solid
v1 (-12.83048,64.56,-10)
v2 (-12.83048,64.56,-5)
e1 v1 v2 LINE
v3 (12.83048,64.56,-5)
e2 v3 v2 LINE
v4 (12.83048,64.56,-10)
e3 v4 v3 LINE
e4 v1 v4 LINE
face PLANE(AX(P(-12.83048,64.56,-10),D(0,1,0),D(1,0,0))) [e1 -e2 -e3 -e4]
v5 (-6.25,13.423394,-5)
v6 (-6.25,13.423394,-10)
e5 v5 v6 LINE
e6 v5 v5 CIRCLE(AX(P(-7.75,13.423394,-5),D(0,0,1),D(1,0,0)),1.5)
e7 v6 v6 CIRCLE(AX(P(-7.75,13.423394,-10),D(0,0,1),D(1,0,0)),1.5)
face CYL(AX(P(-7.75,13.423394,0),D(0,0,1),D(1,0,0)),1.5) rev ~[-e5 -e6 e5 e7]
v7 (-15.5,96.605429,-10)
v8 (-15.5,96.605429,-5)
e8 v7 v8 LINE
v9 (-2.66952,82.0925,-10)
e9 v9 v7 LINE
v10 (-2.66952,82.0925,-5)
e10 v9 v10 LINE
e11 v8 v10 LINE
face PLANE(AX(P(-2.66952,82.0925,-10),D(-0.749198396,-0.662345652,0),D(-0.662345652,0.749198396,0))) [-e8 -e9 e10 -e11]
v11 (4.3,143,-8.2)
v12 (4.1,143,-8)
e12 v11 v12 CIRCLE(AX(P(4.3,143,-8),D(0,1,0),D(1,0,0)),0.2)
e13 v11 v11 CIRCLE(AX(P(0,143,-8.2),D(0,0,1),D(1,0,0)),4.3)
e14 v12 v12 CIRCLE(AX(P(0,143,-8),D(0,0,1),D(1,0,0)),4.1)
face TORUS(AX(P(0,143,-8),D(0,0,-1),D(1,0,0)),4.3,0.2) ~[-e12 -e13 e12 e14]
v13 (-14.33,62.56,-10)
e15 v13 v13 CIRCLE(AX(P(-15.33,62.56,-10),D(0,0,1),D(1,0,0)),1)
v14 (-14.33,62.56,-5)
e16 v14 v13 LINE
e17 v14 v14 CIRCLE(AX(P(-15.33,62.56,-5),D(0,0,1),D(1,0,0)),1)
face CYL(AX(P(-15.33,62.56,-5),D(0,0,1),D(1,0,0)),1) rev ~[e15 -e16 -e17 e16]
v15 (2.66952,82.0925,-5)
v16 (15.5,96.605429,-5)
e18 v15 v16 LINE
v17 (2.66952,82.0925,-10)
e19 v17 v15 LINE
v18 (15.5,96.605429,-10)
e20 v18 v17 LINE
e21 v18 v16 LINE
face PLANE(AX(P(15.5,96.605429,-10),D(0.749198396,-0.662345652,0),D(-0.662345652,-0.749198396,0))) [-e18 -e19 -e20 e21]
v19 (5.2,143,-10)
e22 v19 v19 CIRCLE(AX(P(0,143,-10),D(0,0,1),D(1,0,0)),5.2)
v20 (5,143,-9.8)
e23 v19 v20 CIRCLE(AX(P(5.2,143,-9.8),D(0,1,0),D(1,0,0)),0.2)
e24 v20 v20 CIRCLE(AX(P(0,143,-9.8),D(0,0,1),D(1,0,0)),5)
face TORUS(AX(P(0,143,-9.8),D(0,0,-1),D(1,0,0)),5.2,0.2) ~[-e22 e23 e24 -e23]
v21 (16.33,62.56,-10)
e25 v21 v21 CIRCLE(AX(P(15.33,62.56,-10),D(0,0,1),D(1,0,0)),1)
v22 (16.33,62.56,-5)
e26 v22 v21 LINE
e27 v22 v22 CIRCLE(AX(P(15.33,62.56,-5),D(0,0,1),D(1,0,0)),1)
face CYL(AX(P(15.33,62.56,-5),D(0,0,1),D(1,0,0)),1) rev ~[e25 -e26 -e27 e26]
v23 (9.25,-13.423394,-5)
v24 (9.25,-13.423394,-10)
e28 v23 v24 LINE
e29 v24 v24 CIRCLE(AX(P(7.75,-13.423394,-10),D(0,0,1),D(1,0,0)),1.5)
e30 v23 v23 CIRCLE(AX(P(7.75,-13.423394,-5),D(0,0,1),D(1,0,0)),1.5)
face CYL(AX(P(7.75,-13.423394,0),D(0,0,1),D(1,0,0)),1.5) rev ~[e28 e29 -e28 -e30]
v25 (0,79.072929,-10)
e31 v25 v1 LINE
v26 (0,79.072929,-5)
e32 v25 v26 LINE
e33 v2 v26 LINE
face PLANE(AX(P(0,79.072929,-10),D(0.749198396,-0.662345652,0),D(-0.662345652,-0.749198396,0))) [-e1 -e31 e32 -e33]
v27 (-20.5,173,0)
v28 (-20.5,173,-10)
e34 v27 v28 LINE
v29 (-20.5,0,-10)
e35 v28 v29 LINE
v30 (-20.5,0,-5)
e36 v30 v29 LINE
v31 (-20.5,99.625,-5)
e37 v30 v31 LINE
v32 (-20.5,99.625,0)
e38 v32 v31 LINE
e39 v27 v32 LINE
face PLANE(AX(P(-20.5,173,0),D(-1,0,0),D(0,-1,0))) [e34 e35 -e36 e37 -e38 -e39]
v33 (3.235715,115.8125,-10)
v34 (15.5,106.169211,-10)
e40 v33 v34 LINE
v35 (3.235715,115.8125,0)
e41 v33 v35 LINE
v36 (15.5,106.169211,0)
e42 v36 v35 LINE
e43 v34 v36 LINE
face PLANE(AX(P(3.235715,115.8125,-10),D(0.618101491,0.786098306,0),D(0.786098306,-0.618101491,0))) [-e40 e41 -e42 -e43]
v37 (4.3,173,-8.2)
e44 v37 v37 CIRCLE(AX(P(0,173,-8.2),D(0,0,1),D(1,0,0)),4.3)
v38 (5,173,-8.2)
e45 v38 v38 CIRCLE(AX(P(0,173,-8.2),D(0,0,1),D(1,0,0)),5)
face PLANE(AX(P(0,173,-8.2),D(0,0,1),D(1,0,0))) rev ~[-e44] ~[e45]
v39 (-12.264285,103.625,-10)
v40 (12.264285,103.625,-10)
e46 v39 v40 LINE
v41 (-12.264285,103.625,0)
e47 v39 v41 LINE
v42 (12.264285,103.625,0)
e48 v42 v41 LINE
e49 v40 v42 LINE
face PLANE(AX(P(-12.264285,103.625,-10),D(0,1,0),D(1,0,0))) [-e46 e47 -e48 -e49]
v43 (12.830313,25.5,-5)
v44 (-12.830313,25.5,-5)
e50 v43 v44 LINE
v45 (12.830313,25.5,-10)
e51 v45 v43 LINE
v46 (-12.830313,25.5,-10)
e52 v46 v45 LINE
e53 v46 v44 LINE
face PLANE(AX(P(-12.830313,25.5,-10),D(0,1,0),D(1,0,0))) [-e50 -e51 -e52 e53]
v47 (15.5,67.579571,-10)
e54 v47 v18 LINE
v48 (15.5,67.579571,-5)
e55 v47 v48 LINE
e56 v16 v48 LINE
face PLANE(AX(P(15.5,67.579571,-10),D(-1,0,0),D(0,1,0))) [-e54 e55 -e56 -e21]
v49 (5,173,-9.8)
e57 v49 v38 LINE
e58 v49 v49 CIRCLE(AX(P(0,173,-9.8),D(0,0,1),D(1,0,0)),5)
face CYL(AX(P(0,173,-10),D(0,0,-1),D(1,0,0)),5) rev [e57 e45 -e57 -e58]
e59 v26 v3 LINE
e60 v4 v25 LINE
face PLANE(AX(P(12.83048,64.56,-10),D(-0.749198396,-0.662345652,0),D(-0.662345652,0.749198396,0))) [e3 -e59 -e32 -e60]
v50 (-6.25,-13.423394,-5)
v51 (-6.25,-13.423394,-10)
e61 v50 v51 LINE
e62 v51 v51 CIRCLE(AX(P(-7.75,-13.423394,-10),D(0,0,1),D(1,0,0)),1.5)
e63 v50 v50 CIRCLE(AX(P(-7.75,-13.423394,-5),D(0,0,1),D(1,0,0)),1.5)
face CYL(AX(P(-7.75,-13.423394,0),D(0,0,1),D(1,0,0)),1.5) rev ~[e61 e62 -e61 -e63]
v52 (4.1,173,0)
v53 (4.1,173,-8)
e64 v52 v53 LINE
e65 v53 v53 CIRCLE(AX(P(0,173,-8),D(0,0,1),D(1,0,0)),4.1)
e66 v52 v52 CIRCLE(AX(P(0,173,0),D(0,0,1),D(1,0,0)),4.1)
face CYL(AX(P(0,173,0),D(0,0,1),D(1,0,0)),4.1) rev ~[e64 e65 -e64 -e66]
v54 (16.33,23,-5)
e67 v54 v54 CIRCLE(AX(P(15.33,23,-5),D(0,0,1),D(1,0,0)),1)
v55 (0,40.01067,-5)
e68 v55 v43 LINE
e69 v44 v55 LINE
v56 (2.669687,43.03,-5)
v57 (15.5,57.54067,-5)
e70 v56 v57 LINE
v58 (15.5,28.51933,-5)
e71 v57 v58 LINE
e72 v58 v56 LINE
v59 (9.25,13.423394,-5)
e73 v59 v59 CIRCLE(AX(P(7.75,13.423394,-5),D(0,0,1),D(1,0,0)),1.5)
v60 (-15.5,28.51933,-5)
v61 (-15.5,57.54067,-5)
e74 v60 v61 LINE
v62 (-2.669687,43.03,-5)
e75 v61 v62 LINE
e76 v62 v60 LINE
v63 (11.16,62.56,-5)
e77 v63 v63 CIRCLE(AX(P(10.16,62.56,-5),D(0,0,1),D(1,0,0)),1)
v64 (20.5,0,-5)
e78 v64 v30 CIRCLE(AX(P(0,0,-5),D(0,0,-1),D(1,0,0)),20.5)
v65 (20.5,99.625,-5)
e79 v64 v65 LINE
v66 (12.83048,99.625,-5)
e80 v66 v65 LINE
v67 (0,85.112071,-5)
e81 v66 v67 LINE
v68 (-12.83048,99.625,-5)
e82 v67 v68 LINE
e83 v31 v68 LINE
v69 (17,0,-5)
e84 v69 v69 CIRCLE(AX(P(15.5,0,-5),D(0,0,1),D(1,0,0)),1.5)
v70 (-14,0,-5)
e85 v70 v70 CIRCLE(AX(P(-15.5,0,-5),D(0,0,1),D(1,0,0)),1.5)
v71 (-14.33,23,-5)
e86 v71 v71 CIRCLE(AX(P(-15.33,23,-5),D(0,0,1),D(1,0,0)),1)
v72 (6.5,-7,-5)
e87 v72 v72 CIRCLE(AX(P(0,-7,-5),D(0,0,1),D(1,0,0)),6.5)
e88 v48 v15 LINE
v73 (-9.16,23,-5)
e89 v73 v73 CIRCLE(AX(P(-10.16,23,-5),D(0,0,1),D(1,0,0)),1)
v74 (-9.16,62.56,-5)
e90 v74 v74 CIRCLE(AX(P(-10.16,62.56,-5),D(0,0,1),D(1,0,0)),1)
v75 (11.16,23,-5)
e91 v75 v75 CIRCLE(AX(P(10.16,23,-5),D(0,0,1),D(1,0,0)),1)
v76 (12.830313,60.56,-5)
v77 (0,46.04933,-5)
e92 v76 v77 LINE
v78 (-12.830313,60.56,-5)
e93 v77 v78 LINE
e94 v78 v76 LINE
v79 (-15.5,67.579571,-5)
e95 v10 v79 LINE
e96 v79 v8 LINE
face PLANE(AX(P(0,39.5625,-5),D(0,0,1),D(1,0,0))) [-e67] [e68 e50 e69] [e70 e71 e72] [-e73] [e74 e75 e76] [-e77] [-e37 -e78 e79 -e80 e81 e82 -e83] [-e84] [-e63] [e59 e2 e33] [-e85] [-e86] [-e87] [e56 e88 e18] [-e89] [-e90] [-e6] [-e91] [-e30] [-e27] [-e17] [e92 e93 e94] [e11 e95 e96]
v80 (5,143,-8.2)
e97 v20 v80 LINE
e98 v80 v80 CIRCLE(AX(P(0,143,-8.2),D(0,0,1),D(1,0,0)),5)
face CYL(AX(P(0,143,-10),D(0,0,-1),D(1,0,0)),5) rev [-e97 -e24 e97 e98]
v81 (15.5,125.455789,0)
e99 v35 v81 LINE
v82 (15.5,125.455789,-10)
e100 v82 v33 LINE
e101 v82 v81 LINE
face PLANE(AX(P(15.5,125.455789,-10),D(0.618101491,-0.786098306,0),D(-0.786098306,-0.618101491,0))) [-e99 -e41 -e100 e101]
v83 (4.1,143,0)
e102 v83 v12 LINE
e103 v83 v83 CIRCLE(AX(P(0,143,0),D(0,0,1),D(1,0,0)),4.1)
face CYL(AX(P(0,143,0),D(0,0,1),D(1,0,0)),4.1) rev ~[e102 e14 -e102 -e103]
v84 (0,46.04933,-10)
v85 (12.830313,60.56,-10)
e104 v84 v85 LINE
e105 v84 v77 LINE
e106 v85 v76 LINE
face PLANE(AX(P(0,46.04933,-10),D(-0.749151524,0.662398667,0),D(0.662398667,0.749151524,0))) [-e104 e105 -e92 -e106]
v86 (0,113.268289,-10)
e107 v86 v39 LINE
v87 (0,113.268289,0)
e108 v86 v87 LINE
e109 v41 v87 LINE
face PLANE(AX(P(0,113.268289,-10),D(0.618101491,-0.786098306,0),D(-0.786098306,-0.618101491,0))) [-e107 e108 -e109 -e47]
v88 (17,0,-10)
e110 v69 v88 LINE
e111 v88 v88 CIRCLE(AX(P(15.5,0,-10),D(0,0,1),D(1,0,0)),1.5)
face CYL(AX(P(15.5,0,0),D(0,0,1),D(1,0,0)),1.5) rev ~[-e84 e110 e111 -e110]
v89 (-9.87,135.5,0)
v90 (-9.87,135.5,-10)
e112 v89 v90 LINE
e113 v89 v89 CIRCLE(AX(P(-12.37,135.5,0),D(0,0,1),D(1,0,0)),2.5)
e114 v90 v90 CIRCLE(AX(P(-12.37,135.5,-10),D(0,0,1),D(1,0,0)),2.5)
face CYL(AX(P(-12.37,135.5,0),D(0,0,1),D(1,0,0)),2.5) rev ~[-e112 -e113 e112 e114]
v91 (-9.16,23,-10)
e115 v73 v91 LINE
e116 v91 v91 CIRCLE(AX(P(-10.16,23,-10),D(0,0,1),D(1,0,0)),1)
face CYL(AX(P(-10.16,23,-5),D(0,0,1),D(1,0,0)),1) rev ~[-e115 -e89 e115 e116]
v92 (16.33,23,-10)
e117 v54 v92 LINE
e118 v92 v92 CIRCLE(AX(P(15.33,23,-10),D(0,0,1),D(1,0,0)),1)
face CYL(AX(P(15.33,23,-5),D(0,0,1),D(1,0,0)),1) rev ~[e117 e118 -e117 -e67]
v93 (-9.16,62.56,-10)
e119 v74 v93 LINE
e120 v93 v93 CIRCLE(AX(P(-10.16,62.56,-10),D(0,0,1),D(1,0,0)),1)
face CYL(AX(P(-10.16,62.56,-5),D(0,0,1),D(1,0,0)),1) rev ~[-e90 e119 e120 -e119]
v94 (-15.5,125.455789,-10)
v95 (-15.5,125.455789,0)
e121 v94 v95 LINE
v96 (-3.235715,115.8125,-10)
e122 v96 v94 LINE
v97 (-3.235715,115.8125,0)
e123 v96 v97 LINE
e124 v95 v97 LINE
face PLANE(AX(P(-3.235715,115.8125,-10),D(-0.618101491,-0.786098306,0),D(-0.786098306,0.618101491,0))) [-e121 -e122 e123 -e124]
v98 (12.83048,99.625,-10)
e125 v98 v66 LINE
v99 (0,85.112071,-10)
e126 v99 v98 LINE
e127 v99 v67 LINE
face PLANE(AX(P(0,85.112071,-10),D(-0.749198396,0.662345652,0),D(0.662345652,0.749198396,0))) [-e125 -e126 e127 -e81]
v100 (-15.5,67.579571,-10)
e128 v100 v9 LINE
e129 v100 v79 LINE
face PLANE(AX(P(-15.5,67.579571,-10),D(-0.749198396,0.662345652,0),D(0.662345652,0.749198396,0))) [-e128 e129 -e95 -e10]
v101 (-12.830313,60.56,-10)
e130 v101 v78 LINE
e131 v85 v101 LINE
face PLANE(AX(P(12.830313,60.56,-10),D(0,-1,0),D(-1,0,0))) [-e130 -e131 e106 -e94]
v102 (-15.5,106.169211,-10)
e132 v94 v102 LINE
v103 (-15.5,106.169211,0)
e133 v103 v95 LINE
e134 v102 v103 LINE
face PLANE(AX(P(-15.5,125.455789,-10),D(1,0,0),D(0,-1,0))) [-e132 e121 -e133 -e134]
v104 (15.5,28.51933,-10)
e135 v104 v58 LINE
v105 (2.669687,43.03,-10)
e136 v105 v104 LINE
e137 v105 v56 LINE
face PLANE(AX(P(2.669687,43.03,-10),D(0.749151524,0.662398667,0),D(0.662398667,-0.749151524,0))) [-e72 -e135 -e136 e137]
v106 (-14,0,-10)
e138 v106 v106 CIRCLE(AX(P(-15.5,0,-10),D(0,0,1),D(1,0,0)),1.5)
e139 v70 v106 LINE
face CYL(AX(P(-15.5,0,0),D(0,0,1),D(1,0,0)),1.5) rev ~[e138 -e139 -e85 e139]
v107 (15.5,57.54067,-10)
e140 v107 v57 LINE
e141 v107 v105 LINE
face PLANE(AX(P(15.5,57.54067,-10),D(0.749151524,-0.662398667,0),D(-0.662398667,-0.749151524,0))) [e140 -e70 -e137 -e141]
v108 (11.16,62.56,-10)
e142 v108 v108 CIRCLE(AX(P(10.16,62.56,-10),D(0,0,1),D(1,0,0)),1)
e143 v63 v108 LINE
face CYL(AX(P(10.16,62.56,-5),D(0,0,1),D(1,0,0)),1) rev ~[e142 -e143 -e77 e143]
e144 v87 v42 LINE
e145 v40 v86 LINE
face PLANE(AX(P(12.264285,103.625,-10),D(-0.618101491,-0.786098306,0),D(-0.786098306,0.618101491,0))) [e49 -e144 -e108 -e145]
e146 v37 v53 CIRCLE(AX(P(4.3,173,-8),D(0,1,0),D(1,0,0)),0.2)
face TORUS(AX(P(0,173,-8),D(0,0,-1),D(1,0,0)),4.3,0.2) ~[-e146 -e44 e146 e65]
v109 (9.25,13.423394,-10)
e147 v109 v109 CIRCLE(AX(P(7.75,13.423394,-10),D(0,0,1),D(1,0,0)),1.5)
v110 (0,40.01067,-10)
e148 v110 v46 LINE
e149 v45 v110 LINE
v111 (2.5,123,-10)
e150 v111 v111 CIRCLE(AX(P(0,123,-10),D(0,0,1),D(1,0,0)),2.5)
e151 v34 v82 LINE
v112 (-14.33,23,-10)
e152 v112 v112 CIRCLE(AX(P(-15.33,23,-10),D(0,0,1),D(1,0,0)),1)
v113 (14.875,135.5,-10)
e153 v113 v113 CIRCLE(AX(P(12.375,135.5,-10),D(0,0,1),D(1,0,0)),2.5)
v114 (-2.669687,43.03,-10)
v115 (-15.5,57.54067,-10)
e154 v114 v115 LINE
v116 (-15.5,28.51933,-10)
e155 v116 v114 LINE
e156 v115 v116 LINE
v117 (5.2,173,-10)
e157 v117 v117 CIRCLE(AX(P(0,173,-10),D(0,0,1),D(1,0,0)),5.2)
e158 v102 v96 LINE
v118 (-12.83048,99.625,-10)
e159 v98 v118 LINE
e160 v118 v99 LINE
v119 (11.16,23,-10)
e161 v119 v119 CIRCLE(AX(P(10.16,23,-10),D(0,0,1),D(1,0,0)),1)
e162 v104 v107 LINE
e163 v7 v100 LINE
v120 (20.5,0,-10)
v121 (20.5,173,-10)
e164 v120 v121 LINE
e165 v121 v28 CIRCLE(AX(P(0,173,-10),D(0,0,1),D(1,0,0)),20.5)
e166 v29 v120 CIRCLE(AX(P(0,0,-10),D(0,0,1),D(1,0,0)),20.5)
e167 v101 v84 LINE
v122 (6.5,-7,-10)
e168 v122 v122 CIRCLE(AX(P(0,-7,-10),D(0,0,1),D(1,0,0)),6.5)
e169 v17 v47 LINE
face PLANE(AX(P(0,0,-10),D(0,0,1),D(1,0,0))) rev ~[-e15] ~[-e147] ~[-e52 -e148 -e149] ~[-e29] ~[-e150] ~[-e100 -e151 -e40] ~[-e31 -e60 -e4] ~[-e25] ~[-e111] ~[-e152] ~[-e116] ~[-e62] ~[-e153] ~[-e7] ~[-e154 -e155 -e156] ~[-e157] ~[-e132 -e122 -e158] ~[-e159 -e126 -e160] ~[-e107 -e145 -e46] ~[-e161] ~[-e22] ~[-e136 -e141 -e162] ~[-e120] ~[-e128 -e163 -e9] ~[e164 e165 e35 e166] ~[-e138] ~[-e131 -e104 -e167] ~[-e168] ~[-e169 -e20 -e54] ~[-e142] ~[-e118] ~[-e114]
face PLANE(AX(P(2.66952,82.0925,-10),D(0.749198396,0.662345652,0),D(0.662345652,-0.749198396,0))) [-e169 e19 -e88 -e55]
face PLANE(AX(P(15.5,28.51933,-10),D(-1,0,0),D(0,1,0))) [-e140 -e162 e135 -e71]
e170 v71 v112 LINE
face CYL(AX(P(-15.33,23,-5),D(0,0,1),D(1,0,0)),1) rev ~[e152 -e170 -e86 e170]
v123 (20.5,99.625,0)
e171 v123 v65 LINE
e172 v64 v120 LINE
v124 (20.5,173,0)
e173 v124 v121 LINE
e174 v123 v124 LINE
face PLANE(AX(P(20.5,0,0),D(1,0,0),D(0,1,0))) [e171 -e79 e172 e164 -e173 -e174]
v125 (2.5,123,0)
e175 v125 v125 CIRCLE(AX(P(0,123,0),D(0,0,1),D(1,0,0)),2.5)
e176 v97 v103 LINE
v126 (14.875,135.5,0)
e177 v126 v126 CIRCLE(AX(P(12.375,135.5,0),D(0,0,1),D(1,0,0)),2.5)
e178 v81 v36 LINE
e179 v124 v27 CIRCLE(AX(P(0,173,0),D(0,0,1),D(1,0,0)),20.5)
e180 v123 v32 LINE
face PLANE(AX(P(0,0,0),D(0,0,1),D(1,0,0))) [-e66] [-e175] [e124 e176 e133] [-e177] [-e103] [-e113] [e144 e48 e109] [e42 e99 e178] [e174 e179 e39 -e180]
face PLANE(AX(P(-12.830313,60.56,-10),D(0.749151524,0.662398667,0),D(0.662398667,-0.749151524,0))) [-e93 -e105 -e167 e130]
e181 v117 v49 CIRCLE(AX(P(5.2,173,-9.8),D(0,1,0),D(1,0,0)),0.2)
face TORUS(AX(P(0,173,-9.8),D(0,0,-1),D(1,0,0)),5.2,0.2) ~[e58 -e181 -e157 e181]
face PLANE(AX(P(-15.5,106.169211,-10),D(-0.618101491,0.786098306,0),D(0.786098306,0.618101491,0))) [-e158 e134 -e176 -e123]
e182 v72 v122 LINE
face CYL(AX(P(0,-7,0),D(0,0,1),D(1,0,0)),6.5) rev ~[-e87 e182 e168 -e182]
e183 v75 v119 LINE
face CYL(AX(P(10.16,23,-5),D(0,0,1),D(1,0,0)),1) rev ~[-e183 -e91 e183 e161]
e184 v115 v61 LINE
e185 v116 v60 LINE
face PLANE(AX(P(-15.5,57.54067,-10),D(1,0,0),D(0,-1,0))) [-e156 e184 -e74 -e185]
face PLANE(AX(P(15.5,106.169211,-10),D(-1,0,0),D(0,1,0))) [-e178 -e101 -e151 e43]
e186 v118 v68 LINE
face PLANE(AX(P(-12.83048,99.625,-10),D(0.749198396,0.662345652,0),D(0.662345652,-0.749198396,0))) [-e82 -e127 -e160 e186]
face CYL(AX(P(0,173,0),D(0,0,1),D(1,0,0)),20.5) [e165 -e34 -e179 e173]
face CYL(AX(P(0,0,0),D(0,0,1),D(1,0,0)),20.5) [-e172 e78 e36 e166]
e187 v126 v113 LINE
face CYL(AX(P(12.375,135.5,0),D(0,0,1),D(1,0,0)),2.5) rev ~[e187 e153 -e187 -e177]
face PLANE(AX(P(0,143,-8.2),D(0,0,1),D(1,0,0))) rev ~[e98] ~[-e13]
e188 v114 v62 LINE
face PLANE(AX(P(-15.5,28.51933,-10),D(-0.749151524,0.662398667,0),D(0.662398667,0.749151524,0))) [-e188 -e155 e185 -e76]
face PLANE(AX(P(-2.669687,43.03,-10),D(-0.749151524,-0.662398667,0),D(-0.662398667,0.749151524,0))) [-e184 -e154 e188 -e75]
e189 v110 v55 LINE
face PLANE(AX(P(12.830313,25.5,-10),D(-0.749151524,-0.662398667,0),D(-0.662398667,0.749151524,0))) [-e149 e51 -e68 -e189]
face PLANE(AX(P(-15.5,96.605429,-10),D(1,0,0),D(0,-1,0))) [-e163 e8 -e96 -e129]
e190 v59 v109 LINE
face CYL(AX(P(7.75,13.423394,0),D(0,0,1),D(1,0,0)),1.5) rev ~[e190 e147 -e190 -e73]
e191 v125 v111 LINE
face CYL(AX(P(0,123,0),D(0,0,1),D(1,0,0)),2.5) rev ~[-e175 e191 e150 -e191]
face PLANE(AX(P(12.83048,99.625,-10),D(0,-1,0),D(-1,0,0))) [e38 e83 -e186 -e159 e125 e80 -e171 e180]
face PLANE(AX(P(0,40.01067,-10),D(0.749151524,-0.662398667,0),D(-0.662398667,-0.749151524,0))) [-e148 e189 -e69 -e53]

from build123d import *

# Parameters (mm, degrees)
SKETCH_1_R               = 20.5
SKETCH_1_R_2             = 6.5
SKETCH_1_R_3             = 1.5
EXTRUDE_1_DEPTH          = 10
SKETCH_2_R               = 4.1
CUT_EXTRUDE_1_DEPTH      = 10
SKETCH_4_W               = 41
SKETCH_4_H               = 120.125
CUT_EXTRUDE_3_DEPTH      = 5
CUT_EXTRUDE_4_DEPTH      = 195.839677684
CUT_EXTRUDE_4_DEPTH_BACK = 10
CUT_EXTRUDE_5_DEPTH      = 195.839677684
CUT_EXTRUDE_5_DEPTH_BACK = 10
SKETCH_5_R               = 1
CUT_EXTRUDE_6_DEPTH      = 195.647116598
SKETCH_6_R               = 2.5
CUT_EXTRUDE_7_DEPTH      = 10
CUT_EXTRUDE_START        = -10
SKETCH_7_R               = 5
CUT_EXTRUDE_8_DEPTH      = 1.8
FILLET_1_R               = 0.2


with BuildPart() as part:
    # 스케치1 → 보스-돌출1 (new body)
    # profile 1 of 3: a face of its own
    with BuildSketch(Plane.XY):
        with BuildLine():
            Line((-20.5, 173), (-20.5, 0))
            ThreePointArc((-20.5, 0), (0, 20.5), (20.5, 0))
            Line((20.5, 0), (20.5, 173))
            ThreePointArc((20.5, 173), (0, 152.5), (-20.5, 173))
        make_face()
    # profile 2 of 3: a face of its own
    with BuildSketch(Plane.XY):
        with Locations((0, 173)):
            Circle(SKETCH_1_R)
    # profile 3 of 3: a face of its own
    with BuildSketch(Plane.XY):
        Circle(SKETCH_1_R)
        with Locations((0, -7)):
            Circle(SKETCH_1_R_2, mode=Mode.SUBTRACT)
        with Locations((-7.75, -13.423393759)):
            Circle(SKETCH_1_R_3, mode=Mode.SUBTRACT)
        with Locations((7.75, -13.423393759)):
            Circle(SKETCH_1_R_3, mode=Mode.SUBTRACT)
        with Locations((15.5, 0)):
            Circle(SKETCH_1_R_3, mode=Mode.SUBTRACT)
        with Locations((7.75, 13.423393759)):
            Circle(SKETCH_1_R_3, mode=Mode.SUBTRACT)
        with Locations((-7.75, 13.423393759)):
            Circle(SKETCH_1_R_3, mode=Mode.SUBTRACT)
        with Locations((-15.5, 0)):
            Circle(SKETCH_1_R_3, mode=Mode.SUBTRACT)
    extrude(amount=-EXTRUDE_1_DEPTH)

    # 스케치2 → 컷-돌출1 (cut)
    with BuildSketch(Plane.XY):
        with Locations((0, 173)):
            Circle(SKETCH_2_R)
        with Locations((0, 143)):
            Circle(SKETCH_2_R)
    extrude(amount=-CUT_EXTRUDE_1_DEPTH, mode=Mode.SUBTRACT)

    # 스케치4 → 컷-돌출3 (cut)
    with BuildSketch(Plane.XY):
        with Locations((0, 39.5625)):
            Rectangle(SKETCH_4_W, SKETCH_4_H)
    extrude(amount=-CUT_EXTRUDE_3_DEPTH, mode=Mode.SUBTRACT)

    # 스케치3 → 컷-돌출4 (cut, two sides: drawn at the far end of the back side and taken through both)
    with BuildSketch(Plane.XY.offset(-CUT_EXTRUDE_4_DEPTH_BACK)):
        Polygon((15.5, 125.455788946), (3.235714571, 115.8125), (15.5, 106.169211054), align=None)
        Polygon((12.264285429, 103.625), (0, 113.268288946), (-12.264285429, 103.625), align=None)
        Polygon((-3.235714571, 115.8125), (-15.5, 125.455788946), (-15.5, 106.169211054), align=None)
    extrude(amount=CUT_EXTRUDE_4_DEPTH + CUT_EXTRUDE_4_DEPTH_BACK, mode=Mode.SUBTRACT)

    # 스케치3<4> → 컷-돌출5 (cut, two sides: drawn at the far end of the back side and taken through both)
    with BuildSketch(Plane.XY.offset(-CUT_EXTRUDE_5_DEPTH_BACK)):
        Polygon((12.830480138, 99.625), (-12.830480138, 99.625), (0, 85.112071418), align=None)
        Polygon((15.5, 67.579571418), (15.5, 96.605428582), (2.669519862, 82.0925), align=None)
        Polygon((12.830480138, 64.56), (0, 79.072928582), (-12.830480138, 64.56), align=None)
        Polygon((-2.669519862, 82.0925), (-15.5, 96.605428582), (-15.5, 67.579571418), align=None)
        Polygon((12.830313114, 60.56), (-12.830313114, 60.56), (0, 46.049329749), align=None)
        Polygon((-2.669686886, 43.03), (-15.5, 57.540670251), (-15.5, 28.519329749), align=None)
        Polygon((12.830313114, 25.5), (0, 40.010670251), (-12.830313114, 25.5), align=None)
        Polygon((15.5, 28.519329749), (15.5, 57.540670251), (2.669686886, 43.03), align=None)
    extrude(amount=CUT_EXTRUDE_5_DEPTH + CUT_EXTRUDE_5_DEPTH_BACK, mode=Mode.SUBTRACT)

    # 스케치5 → 컷-돌출6 (cut, through all)
    with BuildSketch(Plane.XY.offset(-5)):
        with Locations((-15.33, 23)):
            Circle(SKETCH_5_R)
        with Locations((-10.16, 23)):
            Circle(SKETCH_5_R)
        with Locations((10.16, 23)):
            Circle(SKETCH_5_R)
        with Locations((15.33, 23)):
            Circle(SKETCH_5_R)
        with Locations((-15.33, 62.56)):
            Circle(SKETCH_5_R)
        with Locations((-10.16, 62.56)):
            Circle(SKETCH_5_R)
        with Locations((10.16, 62.56)):
            Circle(SKETCH_5_R)
        with Locations((15.33, 62.56)):
            Circle(SKETCH_5_R)
    extrude(amount=-CUT_EXTRUDE_6_DEPTH, mode=Mode.SUBTRACT)

    # 스케치6 → 컷-돌출7 (cut)
    with BuildSketch(Plane.XY):
        with Locations((-12.37, 135.5)):
            Circle(SKETCH_6_R)
        with Locations((12.375, 135.5)):
            Circle(SKETCH_6_R)
        with Locations((0, 123)):
            Circle(SKETCH_6_R)
    extrude(amount=-CUT_EXTRUDE_7_DEPTH, mode=Mode.SUBTRACT)

    # 스케치7 → 컷-돌출8 (cut)
    with BuildSketch(Plane.XY.offset(CUT_EXTRUDE_START)):
        with Locations((0, 173)):
            Circle(SKETCH_7_R)
        with Locations((0, 143)):
            Circle(SKETCH_7_R)
    extrude(amount=CUT_EXTRUDE_8_DEPTH, mode=Mode.SUBTRACT)

    # 필렛1
    fillet_1_edges = [part.edges().sort_by_distance(p)[0] for p in [
        (-4.1, 173, -8.2),
        (-5, 173, -10),
        (-4.1, 143, -8.2),
        (-5, 143, -10),
    ]]
    fillet(fillet_1_edges, radius=FILLET_1_R)


solid = part.part
